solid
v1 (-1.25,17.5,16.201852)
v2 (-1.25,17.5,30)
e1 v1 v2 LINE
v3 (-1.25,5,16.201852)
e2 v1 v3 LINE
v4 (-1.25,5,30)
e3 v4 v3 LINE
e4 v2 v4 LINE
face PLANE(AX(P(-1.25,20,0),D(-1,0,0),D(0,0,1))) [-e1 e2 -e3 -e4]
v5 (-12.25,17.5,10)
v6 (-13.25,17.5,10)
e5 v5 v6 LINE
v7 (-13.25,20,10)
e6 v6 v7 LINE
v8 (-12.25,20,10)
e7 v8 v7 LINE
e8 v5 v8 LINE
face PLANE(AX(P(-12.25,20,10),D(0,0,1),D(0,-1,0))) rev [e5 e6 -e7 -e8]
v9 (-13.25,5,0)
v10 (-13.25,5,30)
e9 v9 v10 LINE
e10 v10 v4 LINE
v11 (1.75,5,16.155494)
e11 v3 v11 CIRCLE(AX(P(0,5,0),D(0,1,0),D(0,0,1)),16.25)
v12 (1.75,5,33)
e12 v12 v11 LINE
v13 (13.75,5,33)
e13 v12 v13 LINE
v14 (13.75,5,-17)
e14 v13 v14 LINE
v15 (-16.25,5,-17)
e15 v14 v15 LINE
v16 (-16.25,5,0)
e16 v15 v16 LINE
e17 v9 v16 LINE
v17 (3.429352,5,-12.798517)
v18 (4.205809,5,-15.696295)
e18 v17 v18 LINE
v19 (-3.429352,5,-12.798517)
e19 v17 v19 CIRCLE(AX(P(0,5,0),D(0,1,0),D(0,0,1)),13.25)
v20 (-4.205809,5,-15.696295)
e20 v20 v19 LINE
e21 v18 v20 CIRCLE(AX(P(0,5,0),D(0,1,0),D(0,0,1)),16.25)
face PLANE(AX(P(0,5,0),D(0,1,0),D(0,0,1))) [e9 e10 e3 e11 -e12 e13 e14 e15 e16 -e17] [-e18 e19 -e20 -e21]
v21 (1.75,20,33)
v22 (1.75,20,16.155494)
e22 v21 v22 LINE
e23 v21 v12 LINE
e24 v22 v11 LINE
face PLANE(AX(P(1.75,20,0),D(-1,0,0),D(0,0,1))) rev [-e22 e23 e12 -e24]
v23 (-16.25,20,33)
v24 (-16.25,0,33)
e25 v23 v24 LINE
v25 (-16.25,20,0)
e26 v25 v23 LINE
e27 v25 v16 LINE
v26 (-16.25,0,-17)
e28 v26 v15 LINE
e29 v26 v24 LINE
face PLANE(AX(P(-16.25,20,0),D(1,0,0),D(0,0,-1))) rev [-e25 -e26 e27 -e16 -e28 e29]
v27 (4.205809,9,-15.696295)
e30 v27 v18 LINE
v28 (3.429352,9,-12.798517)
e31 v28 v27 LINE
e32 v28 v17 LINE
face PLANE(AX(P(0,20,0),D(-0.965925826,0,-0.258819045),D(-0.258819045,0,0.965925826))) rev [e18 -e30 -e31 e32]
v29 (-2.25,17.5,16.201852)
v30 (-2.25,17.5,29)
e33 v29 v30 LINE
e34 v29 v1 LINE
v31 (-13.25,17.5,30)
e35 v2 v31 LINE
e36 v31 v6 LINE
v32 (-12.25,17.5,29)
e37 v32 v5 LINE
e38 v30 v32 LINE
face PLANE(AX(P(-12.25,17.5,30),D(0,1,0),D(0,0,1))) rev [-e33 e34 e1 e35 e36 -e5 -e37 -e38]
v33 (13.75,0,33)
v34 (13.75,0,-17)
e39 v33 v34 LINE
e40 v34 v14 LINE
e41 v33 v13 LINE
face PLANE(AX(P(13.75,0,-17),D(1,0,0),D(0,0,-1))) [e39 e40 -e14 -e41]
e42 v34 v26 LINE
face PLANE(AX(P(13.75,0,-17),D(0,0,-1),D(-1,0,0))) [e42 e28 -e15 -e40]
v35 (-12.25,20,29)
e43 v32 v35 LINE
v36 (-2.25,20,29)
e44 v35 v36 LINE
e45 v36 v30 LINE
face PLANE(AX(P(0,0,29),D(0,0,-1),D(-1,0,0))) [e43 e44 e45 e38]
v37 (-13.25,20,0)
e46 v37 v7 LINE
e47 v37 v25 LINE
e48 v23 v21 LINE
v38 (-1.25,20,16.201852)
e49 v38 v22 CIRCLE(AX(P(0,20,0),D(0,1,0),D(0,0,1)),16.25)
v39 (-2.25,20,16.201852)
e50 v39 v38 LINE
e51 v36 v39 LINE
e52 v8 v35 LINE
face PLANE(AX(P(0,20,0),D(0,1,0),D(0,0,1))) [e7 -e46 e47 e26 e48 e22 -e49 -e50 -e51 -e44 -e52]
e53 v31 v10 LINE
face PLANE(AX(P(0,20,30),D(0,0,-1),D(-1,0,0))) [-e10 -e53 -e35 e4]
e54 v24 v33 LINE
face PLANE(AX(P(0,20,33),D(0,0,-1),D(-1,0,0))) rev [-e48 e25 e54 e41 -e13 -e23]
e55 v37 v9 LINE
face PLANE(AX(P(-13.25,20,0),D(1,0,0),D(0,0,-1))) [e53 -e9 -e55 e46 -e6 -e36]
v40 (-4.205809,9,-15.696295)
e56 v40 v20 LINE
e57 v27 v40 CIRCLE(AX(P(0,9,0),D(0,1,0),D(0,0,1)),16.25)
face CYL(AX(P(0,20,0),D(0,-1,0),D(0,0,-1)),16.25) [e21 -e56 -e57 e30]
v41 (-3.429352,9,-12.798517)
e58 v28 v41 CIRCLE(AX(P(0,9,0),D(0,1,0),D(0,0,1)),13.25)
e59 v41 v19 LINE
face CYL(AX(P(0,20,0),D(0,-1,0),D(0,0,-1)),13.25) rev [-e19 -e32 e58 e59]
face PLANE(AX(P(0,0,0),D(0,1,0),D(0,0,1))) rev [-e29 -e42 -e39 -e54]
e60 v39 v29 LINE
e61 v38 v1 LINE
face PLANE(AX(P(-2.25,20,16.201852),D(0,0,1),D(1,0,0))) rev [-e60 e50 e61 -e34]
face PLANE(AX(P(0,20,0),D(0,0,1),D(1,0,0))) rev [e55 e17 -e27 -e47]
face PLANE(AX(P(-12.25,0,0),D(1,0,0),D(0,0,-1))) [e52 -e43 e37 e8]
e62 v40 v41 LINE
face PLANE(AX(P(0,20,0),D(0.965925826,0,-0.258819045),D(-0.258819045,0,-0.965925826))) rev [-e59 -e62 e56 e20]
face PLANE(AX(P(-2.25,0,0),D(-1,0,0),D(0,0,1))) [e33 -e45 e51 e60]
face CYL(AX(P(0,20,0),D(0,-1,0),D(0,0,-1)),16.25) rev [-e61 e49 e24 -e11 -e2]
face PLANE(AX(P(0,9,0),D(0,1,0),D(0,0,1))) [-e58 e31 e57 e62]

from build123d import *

# Parameters (mm, degrees)
SKETCH1_W               = 45
SKETCH1_H               = 85
BOSS_EXTRUDE1_DEPTH     = 100
SHELL1_T                = -5
SKETCH2_W               = 3
SKETCH2_H               = 10
BOSS_EXTRUDE2_DEPTH     = 15
SKETCH4_W               = 20
SKETCH4_H               = 2.5
BOSS_EXTRUDE3_DEPTH     = 1
SKETCH5_W               = 13.798148254
SKETCH5_H               = 2.5
BOSS_EXTRUDE4_DEPTH     = 1
SKETCH6_W               = 10
SKETCH6_H               = 2.5
BOSS_EXTRUDE5_DEPTH     = 1
SKETCH9_W               = 10.477527882
SKETCH9_H               = 6.322646136
CUT_EXTRUDE1_DEPTH      = 11
CUT_EXTRUDE2_DEPTH      = 107.477697195
CUT_EXTRUDE2_DEPTH_BACK = 107.477697195
SKETCH10_W              = 54.233150032
SKETCH10_H              = 93.874108495
SKETCH10_W_2            = 30
SKETCH10_H_2            = 50


with BuildPart() as part:
    # Sketch1 → Boss-Extrude1 (new body)
    with BuildSketch(Plane(origin=(0, 0, 0), x_dir=(1, 0, 0), z_dir=(0, 1, 0))):
        Rectangle(SKETCH1_W, SKETCH1_H)
    extrude(amount=BOSS_EXTRUDE1_DEPTH)

    # Shell1
    shell1_openings = [part.faces().sort_by_distance(p)[0] for p in [
        (0, 100, 0),
    ]]
    offset(amount=SHELL1_T, openings=shell1_openings, kind=Kind.INTERSECTION)

    # Sketch2 → Boss-Extrude2 (add)
    with BuildSketch(Plane(origin=(0, 5, 0), x_dir=(1, 0, 0), z_dir=(0, 1, 0))):
        with BuildLine():
            Line((-13.25, -30), (-13.25, -25))
            Line((-13.25, -25), (-16.25, -25))
            Line((-16.25, -25), (-16.25, -33))
            Line((-16.25, -33), (1.75, -33))
            Line((1.75, -33), (1.75, -16.155494421))
            ThreePointArc((1.75, -16.155494421), (0.251072202, -16.248060277), (-1.25, -16.201851746))
            Line((-1.25, -16.201851746), (-1.25, -30))
            Line((-1.25, -30), (-13.25, -30))
        make_face()
        with Locations((-14.75, -20)):
            Rectangle(SKETCH2_W, SKETCH2_H)
        with BuildLine():
            Line((-16.25, -15), (-13.25, -15))
            Line((-13.25, -15), (-13.25, -9.407443861))
            ThreePointArc((-13.25, -9.407443861), (-15.481844205, -4.937104415), (-16.25, 0))
            Line((-16.25, 0), (-16.25, -15))
        make_face()
        with BuildLine():
            Line((-4.205809483, 15.696294677), (-3.429352348, 12.798517198))
            ThreePointArc((-3.429352348, 12.798517198), (0, 13.25), (3.429352348, 12.798517198))
            Line((3.429352348, 12.798517198), (4.205809483, 15.696294677))
            ThreePointArc((4.205809483, 15.696294677), (0, 16.25), (-4.205809483, 15.696294677))
        make_face()
        with BuildLine():
            ThreePointArc((-16.25, 0), (-15.481844205, -4.937104415), (-13.25, -9.407443861))
            Line((-13.25, -9.407443861), (-13.25, 0))
            Line((-13.25, 0), (-16.25, 0))
        make_face()
    extrude(amount=BOSS_EXTRUDE2_DEPTH)

    # Sketch4 → Boss-Extrude3 (add)
    with BuildSketch(Plane(origin=(-13.25, 0, 0), x_dir=(0, 0, -1), z_dir=(1, 0, 0))):
        with Locations((-20, 18.75)):
            Rectangle(SKETCH4_W, SKETCH4_H)
    extrude(amount=BOSS_EXTRUDE3_DEPTH)

    # Sketch5 → Boss-Extrude4 (add)
    with BuildSketch(Plane.ZY.offset(1.25)):
        with Locations((23.100925873, 18.75)):
            Rectangle(SKETCH5_W, SKETCH5_H)
    extrude(amount=BOSS_EXTRUDE4_DEPTH)

    # Sketch6 → Boss-Extrude5 (add)
    with BuildSketch(Plane(origin=(0, 0, 30), x_dir=(-1, 0, 0), z_dir=(0, 0, -1))):
        with Locations((7.25, 18.75)):
            Rectangle(SKETCH6_W, SKETCH6_H)
    extrude(amount=BOSS_EXTRUDE5_DEPTH)

    # Sketch9 → Cut-Extrude1 (cut)
    with BuildSketch(Plane(origin=(0, 20, 0), x_dir=(1, 0, 0), z_dir=(0, 1, 0))):
        with Locations((0.163497959, 14.216347227)):
            Rectangle(SKETCH9_W, SKETCH9_H)
    extrude(amount=-CUT_EXTRUDE1_DEPTH, mode=Mode.SUBTRACT)

    # Sketch10 → Cut-Extrude2 (cut, two sides: drawn at the far end of the back side and taken through both)
    with BuildSketch(Plane(origin=(0, 5, 0), x_dir=(1, 0, 0), z_dir=(0, 1, 0)).offset(-CUT_EXTRUDE2_DEPTH_BACK)):
        with Locations((1.369563357, 1.0979216)):
            Rectangle(SKETCH10_W, SKETCH10_H)
        with Locations((-1.25, -8)):
            Rectangle(SKETCH10_W_2, SKETCH10_H_2, mode=Mode.SUBTRACT)
    extrude(amount=CUT_EXTRUDE2_DEPTH + CUT_EXTRUDE2_DEPTH_BACK, mode=Mode.SUBTRACT)


solid = part.part
